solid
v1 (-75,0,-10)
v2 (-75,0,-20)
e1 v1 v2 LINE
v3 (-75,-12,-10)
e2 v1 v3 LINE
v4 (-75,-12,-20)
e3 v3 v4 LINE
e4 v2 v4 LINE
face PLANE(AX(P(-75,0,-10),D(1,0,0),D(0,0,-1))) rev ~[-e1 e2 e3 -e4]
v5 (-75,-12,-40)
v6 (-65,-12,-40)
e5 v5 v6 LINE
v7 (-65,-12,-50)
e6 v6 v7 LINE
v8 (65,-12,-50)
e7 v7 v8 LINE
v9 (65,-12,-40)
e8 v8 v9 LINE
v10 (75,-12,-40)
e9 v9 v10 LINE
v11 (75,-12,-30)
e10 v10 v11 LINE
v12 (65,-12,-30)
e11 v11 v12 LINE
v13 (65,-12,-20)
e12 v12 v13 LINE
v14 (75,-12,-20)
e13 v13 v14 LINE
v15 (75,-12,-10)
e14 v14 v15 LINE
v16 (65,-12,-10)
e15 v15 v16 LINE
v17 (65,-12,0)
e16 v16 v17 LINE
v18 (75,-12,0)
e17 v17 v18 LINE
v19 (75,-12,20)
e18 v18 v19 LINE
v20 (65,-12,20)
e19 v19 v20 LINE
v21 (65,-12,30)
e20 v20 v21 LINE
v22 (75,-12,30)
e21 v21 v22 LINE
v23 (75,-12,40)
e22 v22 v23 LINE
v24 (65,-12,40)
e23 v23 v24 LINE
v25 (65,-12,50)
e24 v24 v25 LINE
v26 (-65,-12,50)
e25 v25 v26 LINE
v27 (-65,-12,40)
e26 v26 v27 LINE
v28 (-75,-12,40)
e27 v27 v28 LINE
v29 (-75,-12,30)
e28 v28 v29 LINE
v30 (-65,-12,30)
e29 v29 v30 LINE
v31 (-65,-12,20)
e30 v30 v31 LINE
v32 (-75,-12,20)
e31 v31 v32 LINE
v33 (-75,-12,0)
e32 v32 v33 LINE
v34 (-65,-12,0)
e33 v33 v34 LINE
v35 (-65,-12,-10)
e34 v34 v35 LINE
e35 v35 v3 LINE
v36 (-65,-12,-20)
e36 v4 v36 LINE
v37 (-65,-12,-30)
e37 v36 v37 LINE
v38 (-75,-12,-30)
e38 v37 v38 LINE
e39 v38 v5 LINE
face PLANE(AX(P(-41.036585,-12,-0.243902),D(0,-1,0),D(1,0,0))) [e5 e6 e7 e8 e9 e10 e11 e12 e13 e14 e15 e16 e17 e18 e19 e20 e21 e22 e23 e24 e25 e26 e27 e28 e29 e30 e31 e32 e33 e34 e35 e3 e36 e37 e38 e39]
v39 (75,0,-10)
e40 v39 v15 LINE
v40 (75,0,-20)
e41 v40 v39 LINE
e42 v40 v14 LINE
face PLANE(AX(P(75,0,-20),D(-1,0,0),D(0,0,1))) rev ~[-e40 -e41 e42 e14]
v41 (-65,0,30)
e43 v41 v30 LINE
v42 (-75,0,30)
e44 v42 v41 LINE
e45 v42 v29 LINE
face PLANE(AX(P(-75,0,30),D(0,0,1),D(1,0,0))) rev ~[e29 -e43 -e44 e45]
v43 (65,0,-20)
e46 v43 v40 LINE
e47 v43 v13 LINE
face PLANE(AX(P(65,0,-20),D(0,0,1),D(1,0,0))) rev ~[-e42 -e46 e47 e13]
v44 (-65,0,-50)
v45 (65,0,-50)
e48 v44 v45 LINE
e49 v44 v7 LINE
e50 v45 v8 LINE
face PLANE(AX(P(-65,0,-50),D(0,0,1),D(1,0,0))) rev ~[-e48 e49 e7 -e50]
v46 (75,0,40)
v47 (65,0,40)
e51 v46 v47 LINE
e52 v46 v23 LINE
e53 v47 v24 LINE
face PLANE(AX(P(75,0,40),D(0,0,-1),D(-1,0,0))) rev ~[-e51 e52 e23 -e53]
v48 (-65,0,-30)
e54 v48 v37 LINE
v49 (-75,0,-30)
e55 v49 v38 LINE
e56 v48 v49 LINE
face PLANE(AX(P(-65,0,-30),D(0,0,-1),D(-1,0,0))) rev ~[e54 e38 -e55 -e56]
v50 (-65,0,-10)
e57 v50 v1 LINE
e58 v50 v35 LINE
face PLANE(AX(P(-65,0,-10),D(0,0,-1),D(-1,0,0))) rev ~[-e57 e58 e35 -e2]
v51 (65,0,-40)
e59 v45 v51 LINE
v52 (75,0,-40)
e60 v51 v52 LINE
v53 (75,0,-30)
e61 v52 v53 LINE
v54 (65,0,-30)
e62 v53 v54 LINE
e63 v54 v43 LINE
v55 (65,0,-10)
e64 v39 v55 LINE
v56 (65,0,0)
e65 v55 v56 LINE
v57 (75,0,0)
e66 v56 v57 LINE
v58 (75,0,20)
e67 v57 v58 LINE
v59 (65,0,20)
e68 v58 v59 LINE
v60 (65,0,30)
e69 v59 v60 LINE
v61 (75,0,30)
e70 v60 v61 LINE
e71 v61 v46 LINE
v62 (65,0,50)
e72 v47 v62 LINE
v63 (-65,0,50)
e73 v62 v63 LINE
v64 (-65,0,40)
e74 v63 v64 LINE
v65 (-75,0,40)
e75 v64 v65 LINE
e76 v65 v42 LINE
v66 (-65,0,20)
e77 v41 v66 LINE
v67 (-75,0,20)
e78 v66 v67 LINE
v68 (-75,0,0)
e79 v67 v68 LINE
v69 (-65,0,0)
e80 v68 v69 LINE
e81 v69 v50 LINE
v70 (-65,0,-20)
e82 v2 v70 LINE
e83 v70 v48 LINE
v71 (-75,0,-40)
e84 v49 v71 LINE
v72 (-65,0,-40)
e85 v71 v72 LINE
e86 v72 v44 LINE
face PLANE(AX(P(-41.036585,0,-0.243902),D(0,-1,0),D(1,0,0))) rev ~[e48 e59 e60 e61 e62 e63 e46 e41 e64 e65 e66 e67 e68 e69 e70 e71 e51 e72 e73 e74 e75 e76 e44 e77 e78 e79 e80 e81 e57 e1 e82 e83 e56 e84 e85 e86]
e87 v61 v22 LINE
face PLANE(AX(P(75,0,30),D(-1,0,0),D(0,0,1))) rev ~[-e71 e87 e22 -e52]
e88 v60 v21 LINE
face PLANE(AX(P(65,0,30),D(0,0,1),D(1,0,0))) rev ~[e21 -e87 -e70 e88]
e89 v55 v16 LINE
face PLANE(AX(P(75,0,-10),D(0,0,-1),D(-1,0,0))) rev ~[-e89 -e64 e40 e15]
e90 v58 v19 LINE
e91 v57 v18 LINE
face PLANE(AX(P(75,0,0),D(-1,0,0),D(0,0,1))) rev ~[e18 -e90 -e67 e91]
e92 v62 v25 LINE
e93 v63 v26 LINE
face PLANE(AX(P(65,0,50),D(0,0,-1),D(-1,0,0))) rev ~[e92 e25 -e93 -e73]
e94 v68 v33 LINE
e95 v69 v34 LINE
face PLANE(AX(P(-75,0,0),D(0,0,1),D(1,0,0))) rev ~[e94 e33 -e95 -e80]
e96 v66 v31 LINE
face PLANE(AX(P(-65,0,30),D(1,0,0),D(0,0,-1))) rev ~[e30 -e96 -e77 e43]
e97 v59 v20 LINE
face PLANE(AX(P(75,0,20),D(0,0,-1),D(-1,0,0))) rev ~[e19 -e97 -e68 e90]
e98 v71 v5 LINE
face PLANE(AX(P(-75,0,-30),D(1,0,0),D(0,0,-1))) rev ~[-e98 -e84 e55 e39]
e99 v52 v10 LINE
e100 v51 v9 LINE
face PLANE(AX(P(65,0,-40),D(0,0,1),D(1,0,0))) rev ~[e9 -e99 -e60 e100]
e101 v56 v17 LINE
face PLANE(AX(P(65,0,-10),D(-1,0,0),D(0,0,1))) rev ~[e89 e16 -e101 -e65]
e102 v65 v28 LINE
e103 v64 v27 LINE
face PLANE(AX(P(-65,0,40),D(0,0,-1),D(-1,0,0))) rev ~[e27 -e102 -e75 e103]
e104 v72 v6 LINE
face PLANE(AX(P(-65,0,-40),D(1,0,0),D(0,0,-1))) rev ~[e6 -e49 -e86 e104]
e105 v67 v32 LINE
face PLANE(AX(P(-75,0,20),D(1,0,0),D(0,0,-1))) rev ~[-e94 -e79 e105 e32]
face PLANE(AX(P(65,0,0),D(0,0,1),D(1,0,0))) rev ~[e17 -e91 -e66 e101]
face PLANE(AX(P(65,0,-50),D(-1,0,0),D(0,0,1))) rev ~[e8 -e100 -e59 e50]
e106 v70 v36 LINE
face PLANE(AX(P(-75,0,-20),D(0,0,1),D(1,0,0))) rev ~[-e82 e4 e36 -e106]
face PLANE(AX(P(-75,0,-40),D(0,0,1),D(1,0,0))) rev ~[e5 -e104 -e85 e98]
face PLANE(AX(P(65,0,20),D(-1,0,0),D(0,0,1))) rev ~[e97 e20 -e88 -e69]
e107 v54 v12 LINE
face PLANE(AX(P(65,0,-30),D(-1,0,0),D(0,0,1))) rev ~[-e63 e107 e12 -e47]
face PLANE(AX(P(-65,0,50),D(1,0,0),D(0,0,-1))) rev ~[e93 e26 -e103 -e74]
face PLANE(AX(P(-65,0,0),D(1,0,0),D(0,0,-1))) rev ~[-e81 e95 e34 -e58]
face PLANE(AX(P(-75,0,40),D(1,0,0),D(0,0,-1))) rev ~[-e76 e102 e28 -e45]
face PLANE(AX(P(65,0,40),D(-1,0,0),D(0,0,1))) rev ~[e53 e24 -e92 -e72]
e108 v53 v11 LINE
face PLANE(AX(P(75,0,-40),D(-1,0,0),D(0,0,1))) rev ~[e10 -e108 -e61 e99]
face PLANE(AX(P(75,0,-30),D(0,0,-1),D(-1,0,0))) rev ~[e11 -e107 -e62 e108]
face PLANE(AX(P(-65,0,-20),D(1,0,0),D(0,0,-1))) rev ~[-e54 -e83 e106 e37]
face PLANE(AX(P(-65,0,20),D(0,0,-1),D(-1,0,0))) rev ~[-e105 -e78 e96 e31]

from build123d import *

# Parameters (mm, degrees)
F1_DEPTH = 12


with BuildPart() as f1:
    # F0 (on Front) → F1 (new body)
    with BuildSketch(Plane.XZ):
        Polygon((0, -50), (0, 50), (-65, 50), (-65, 40), (-75, 40), (-75, 30), (-65, 30), (-65, 20), (-75, 20), (-75, 10), (-75, 0), (-65, 0), (-65, -10), (-75, -10), (-75, -20), (-65, -20), (-65, -30), (-75, -30), (-75, -40), (-65, -40), (-65, -50), align=None)
        Polygon((65, 40), (65, 50), (0, 50), (0, -50), (65, -50), (65, -40), (75, -40), (75, -30), (65, -30), (65, -20), (75, -20), (75, -10), (65, -10), (65, 0), (75, 0), (75, 10), (75, 20), (65, 20), (65, 30), (75, 30), (75, 40), align=None)
    extrude(amount=F1_DEPTH)


solid = f1.part
